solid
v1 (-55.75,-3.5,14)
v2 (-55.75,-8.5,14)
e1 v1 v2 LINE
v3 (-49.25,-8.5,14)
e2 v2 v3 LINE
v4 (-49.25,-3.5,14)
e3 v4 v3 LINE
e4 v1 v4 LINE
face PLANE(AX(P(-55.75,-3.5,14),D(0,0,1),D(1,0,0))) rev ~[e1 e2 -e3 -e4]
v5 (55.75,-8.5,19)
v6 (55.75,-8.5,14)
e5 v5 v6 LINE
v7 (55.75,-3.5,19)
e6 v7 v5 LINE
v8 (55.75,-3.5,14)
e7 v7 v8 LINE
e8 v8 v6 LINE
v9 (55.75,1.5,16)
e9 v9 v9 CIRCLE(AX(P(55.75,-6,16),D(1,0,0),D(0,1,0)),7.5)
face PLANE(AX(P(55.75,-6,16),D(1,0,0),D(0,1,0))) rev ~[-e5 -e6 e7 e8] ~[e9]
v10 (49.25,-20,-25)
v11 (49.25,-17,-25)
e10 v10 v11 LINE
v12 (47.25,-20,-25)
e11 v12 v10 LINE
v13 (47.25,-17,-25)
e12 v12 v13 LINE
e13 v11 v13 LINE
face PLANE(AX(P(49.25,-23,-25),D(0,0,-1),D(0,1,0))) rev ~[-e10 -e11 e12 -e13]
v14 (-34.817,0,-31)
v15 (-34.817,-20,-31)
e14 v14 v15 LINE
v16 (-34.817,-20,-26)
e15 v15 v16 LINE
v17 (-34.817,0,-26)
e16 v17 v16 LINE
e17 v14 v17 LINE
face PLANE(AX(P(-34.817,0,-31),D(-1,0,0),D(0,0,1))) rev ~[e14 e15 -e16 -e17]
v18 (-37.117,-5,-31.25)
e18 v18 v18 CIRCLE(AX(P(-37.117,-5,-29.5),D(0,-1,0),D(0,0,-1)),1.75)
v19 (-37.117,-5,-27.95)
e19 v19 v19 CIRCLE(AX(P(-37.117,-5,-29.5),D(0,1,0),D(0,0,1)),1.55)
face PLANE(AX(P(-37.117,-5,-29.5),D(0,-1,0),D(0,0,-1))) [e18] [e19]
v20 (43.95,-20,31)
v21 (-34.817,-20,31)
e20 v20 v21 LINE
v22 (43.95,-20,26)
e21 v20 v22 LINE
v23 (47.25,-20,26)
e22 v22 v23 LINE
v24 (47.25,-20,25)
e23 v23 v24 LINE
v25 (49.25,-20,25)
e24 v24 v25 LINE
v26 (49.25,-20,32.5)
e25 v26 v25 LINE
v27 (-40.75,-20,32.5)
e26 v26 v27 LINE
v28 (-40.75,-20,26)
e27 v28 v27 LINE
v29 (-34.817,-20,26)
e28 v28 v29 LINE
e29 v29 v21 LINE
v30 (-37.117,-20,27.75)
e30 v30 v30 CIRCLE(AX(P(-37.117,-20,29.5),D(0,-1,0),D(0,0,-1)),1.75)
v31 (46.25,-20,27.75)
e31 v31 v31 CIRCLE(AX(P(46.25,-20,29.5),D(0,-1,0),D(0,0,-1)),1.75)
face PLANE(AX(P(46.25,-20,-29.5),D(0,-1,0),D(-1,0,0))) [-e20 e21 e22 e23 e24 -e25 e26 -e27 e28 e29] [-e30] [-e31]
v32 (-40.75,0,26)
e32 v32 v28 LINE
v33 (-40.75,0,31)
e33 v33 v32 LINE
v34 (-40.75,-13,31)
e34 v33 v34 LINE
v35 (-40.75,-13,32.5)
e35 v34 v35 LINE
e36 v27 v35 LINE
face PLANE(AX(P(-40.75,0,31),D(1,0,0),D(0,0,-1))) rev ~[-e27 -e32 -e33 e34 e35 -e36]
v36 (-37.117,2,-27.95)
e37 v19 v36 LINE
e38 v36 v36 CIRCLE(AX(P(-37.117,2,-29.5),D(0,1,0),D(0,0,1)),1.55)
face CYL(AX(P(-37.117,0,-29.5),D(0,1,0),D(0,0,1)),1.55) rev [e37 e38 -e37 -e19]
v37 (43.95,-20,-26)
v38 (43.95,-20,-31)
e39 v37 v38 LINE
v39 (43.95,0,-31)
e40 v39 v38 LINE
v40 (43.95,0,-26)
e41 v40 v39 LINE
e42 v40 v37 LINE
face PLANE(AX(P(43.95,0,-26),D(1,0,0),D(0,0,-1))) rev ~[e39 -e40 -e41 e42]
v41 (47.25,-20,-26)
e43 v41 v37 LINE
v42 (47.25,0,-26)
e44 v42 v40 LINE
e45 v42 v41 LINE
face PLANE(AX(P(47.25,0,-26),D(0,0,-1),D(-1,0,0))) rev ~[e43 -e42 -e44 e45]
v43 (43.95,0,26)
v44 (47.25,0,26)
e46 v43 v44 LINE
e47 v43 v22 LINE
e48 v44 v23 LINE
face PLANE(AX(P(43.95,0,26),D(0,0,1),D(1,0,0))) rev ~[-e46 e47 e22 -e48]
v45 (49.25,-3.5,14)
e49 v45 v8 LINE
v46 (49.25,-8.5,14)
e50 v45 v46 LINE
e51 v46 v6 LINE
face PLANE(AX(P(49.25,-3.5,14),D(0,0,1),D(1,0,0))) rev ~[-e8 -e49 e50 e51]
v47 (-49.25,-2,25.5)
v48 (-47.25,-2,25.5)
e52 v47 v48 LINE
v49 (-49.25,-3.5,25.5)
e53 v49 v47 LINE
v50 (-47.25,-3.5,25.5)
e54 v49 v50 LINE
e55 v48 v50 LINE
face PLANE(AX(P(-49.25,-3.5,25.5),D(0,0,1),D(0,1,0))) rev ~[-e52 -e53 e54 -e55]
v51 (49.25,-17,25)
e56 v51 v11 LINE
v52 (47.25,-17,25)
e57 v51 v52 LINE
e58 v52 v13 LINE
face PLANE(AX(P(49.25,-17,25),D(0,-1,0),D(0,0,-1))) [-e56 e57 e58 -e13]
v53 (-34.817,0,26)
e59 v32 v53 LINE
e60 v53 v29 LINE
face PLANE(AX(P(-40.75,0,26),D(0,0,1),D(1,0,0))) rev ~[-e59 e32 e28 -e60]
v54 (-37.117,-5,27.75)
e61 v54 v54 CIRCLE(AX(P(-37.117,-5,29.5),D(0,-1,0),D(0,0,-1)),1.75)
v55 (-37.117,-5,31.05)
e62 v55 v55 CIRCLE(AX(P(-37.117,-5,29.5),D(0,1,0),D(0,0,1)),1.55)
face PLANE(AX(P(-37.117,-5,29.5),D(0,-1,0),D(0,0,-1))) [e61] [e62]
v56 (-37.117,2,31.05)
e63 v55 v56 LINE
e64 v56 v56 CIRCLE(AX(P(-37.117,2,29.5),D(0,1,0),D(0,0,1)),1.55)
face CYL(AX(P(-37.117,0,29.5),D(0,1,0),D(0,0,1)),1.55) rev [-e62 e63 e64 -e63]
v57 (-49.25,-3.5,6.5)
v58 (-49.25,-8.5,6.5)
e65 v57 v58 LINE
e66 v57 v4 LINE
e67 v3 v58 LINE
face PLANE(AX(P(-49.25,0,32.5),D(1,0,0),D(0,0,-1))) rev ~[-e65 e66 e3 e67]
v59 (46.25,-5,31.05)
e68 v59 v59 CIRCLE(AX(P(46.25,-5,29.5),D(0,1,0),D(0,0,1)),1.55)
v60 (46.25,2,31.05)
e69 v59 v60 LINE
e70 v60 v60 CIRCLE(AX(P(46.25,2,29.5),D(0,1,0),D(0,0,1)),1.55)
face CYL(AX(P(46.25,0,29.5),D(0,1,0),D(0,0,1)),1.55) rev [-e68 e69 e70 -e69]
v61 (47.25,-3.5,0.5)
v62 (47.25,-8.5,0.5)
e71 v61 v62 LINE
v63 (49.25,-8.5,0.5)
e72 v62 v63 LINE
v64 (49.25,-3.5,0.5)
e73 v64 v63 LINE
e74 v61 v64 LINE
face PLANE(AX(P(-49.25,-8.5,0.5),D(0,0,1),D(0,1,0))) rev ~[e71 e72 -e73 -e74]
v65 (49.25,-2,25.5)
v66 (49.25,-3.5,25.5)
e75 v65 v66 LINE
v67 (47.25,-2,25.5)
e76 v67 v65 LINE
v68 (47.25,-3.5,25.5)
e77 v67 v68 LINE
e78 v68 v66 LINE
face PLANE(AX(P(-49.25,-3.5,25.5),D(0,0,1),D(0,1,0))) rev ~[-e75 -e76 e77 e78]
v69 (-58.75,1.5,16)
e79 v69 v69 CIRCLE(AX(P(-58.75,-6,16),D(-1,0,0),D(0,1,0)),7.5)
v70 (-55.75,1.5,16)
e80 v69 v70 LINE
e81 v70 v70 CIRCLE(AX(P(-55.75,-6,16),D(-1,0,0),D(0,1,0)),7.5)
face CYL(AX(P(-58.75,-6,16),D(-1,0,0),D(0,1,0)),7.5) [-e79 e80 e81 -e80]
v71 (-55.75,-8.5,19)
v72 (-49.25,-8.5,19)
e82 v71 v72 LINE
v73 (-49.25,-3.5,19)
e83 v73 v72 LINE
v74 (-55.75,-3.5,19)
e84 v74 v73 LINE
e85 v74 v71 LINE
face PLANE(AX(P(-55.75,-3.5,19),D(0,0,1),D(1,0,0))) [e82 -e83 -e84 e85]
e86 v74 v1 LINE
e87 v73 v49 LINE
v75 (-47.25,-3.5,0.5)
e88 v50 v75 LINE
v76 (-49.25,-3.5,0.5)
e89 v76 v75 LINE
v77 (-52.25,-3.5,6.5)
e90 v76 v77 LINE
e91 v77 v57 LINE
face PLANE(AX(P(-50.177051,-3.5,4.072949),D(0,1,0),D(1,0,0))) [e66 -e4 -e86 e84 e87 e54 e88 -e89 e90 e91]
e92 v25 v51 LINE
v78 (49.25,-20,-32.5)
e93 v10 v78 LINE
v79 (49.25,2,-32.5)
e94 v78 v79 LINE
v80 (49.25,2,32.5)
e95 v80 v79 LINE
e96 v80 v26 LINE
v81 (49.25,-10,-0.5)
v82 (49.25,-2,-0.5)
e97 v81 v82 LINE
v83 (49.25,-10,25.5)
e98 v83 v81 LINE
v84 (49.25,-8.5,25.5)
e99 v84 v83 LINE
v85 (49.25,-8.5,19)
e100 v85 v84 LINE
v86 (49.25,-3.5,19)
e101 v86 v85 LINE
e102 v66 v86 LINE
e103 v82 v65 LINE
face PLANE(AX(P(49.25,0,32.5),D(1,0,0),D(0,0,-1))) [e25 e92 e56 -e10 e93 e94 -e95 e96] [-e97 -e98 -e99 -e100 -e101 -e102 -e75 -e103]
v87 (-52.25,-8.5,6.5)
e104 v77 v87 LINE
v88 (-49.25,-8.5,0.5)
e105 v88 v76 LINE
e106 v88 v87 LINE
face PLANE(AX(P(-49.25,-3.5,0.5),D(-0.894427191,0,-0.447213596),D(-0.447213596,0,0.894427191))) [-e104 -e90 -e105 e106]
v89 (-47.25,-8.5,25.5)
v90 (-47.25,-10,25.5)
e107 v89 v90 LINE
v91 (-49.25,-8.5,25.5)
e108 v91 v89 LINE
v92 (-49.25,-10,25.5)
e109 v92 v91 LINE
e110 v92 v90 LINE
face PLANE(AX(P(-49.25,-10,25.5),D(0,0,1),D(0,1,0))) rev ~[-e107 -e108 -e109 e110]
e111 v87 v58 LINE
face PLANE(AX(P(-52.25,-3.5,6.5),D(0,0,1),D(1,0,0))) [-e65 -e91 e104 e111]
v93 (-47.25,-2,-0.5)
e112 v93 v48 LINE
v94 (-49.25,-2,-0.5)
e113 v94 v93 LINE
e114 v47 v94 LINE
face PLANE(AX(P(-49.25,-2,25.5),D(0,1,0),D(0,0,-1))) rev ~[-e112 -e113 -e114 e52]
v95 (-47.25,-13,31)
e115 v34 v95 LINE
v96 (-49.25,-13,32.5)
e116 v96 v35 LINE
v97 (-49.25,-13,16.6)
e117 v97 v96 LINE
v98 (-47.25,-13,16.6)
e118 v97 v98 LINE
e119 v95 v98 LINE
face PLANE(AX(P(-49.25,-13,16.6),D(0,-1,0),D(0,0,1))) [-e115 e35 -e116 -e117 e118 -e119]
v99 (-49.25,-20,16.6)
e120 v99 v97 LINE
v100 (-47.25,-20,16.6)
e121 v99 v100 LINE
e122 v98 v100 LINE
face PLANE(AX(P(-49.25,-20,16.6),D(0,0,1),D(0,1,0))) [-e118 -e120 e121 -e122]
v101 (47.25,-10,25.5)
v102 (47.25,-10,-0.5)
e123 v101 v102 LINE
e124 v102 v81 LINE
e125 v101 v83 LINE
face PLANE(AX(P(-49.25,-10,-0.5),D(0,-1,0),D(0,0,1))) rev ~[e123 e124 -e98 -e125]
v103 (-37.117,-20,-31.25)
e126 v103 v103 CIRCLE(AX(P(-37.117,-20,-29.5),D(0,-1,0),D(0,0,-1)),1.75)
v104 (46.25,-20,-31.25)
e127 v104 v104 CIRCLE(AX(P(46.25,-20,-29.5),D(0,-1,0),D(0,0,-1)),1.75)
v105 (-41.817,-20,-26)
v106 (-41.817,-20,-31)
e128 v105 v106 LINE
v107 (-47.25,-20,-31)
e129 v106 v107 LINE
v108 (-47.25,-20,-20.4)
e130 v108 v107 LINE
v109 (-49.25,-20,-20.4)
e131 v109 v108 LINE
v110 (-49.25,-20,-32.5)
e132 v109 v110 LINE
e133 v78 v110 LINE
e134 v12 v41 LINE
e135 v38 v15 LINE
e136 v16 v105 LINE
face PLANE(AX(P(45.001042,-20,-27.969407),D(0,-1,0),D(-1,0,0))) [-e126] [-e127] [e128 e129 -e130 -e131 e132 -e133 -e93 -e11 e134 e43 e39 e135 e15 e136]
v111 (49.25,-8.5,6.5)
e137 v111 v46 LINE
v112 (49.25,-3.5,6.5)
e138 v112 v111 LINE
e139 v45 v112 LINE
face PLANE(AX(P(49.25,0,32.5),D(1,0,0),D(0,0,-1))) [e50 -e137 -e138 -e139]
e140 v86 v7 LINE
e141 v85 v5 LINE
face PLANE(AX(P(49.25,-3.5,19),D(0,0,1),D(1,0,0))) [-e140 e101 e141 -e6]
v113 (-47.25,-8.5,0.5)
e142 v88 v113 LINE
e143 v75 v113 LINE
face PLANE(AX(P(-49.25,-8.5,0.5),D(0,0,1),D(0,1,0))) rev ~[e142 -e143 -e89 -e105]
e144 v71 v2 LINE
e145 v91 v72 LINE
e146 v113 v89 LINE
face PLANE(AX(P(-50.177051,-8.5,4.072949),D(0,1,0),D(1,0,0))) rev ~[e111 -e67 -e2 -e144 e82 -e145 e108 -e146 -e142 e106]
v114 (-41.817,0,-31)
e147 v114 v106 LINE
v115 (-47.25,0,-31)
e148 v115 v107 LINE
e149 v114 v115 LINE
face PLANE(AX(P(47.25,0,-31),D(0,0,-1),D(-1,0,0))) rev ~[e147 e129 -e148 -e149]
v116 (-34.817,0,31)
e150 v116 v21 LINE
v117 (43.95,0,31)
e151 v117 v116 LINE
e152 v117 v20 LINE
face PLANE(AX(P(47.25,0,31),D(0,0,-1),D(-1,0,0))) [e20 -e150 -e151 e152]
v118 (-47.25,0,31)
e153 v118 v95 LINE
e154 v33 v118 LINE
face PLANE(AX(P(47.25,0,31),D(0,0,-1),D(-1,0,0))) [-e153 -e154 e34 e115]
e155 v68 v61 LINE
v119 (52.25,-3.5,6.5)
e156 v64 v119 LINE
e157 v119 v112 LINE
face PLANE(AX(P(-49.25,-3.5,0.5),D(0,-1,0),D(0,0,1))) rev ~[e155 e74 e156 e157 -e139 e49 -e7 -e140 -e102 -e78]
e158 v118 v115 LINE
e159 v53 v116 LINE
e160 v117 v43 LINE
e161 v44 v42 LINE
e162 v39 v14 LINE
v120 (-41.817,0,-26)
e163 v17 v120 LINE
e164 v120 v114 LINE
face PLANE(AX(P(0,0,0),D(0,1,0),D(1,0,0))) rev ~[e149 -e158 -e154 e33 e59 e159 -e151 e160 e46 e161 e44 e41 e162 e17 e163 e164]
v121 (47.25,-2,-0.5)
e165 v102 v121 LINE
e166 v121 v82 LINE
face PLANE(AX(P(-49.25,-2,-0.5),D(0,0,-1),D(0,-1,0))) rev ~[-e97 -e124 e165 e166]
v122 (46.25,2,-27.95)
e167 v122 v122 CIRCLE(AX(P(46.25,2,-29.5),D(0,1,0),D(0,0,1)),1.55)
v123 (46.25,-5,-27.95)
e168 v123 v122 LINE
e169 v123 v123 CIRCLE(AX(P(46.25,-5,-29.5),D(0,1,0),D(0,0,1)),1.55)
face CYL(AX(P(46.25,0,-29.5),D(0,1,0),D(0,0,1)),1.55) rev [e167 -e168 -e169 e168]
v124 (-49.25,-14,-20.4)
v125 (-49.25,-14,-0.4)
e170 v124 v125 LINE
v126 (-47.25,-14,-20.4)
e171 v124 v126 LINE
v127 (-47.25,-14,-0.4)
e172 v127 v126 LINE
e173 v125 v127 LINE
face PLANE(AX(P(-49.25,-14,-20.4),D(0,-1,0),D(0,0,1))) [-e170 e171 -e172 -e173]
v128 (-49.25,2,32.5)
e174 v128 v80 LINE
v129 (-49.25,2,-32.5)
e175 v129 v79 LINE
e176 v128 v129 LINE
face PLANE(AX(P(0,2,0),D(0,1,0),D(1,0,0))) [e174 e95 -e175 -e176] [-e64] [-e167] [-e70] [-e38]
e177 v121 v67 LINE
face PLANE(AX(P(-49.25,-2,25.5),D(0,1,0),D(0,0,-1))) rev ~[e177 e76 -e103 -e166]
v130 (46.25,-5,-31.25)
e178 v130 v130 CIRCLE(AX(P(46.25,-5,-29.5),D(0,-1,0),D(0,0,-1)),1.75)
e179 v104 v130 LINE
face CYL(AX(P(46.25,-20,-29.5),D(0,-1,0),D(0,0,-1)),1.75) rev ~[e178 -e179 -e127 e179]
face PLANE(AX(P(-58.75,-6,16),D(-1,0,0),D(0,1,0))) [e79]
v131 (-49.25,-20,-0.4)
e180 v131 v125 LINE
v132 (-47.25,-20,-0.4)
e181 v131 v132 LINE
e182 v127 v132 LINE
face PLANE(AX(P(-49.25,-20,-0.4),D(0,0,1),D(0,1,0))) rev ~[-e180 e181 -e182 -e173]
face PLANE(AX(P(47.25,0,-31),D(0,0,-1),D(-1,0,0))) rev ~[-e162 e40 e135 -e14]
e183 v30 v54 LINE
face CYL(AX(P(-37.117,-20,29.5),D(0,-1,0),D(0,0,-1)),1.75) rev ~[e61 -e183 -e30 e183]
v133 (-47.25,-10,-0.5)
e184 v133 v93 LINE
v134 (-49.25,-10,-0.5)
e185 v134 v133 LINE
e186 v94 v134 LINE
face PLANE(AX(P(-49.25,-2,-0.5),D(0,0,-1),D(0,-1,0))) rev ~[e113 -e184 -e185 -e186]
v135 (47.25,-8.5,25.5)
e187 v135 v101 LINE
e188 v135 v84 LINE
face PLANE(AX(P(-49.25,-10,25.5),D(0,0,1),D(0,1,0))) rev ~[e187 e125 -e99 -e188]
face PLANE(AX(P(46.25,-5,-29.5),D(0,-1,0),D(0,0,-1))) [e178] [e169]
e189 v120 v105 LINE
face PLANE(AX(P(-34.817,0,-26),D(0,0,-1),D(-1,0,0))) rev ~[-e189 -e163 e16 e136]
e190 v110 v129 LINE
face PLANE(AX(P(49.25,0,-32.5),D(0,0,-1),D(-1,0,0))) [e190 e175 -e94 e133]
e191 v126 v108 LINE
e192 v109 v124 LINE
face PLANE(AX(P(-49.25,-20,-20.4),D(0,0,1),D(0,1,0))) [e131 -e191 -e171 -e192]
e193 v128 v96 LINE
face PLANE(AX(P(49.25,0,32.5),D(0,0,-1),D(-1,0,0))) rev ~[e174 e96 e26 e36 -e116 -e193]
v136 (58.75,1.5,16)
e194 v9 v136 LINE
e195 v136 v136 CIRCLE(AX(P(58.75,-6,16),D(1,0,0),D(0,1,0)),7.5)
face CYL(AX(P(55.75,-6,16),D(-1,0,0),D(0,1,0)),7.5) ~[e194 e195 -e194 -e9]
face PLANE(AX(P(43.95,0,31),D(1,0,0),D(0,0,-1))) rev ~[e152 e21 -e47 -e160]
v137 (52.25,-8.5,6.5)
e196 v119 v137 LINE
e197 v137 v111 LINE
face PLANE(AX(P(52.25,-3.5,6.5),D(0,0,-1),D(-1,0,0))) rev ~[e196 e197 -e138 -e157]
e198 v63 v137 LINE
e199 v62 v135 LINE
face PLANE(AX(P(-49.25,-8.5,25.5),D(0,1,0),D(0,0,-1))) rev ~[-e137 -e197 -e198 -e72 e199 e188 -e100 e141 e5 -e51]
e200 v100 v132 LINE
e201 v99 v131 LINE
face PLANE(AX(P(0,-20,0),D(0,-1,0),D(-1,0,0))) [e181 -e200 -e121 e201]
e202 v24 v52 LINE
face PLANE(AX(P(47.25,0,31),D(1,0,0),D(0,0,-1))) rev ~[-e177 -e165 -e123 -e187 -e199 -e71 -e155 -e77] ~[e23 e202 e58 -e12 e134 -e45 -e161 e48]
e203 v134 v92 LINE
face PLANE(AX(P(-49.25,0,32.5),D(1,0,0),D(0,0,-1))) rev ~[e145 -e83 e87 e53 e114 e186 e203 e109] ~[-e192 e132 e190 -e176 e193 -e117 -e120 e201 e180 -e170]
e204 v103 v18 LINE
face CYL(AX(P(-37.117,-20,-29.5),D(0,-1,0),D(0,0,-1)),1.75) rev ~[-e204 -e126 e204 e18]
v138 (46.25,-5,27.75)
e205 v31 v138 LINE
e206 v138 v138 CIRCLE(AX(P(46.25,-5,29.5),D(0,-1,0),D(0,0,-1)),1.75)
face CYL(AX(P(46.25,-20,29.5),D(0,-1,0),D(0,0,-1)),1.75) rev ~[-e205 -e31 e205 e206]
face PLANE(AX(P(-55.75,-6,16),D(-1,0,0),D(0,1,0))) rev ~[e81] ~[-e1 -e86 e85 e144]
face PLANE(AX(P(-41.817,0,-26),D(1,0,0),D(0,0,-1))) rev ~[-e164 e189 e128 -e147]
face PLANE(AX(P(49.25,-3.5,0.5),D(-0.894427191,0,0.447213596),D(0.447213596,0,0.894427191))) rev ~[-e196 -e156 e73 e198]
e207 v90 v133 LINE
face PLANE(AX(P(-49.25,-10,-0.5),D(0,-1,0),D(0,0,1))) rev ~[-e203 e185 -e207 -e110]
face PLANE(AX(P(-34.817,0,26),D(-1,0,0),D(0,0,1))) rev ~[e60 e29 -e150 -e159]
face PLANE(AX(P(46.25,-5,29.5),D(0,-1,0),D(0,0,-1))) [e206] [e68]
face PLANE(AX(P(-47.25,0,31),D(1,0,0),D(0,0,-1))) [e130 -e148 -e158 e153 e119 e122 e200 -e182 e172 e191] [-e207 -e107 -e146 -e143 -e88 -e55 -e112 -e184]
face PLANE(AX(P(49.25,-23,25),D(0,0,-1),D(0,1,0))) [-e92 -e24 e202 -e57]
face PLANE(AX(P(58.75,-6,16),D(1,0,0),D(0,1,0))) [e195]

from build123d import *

# Parameters (mm, degrees)
SKETCH_1_W          = 98.5
SKETCH_1_H          = 65
EXTRUDE_1_DEPTH     = 2
SKETCH_2_W          = 98.5
SKETCH_2_H          = 65
SKETCH_2_W_2        = 94.5
SKETCH_2_H_2        = 62
EXTRUDE_2_DEPTH     = 20
SKETCH_3_W          = 20
SKETCH_3_H          = 6
SKETCH_3_W_2        = 15.9
SKETCH_3_H_2        = 7
CUT_EXTRUDE_1_DEPTH = 8.5
CUT_EXTRUDE_5_DEPTH = 106.633801408
SKETCH_8_W          = 6.5
SKETCH_8_H          = 5
EXTRUDE_5_DEPTH     = 5
SKETCH_9_R          = 1.55
CUT_EXTRUDE_7_DEPTH = 69.178534012
SKETCH_10_R         = 2.25
SKETCH_10_R_2       = 1.55
EXTRUDE_6_DEPTH     = 20
SKETCH_11_W         = 50
SKETCH_11_H         = 6
CUT_EXTRUDE_8_DEPTH = 10
EXTRUDE_8_DEPTH     = 20
SKETCH_16_R         = 1.75
CUT_EXTRUDE_9_DEPTH = 15
SKETCH_17_R         = 7.5
EXTRUDE_9_DEPTH     = 3
EXTRUDE_START       = 3
SKETCH_18_R         = 7.5
EXTRUDE_10_DEPTH    = 3


with BuildPart() as part:
    # 草图1 → 凸台-拉伸1 (new body)
    with BuildSketch(Plane(origin=(0, 0, 0), x_dir=(1, 0, 0), z_dir=(0, 1, 0))):
        Rectangle(SKETCH_1_W, SKETCH_1_H)
    extrude(amount=EXTRUDE_1_DEPTH)

    # 草图2 → 凸台-拉伸2 (add)
    with BuildSketch(Plane(origin=(0, 0, 0), x_dir=(-1, 0, 0), z_dir=(0, -1, 0))):
        Rectangle(SKETCH_2_W, SKETCH_2_H)
        Rectangle(SKETCH_2_W_2, SKETCH_2_H_2, mode=Mode.SUBTRACT)
    extrude(amount=EXTRUDE_2_DEPTH)

    # 草图3 → 切除-拉伸1 (cut)
    with BuildSketch(Plane.ZY.offset(49.25)):
        with Locations((-10.4, -17)):
            Rectangle(SKETCH_3_W, SKETCH_3_H)
        with Locations((24.55, -16.5)):
            Rectangle(SKETCH_3_W_2, SKETCH_3_H_2)
    extrude(amount=-CUT_EXTRUDE_1_DEPTH, mode=Mode.SUBTRACT)

    # 草图7 → 切除-拉伸5 (cut, through all)
    with BuildSketch(Plane.ZY.offset(49.25)):
        Polygon((25.5, -3.5), (25.5, -2), (-0.5, -2), (-0.5, -10), (25.5, -10), (25.5, -8.5), (0.5, -8.5), (0.5, -3.5), align=None)
    extrude(amount=-CUT_EXTRUDE_5_DEPTH, mode=Mode.SUBTRACT)

    # 草图8 → 凸台-拉伸5 (add)
    with BuildSketch(Plane(origin=(0, -3.5, 0), x_dir=(1, 0, 0), z_dir=(0, 1, 0))):
        Polygon((-49.25, -0.5), (-52.25, -6.5), (-49.25, -6.5), align=None)
        Polygon((49.25, -0.5), (52.25, -6.5), (49.25, -6.5), align=None)
        with Locations((52.5, -16.5)):
            Rectangle(SKETCH_8_W, SKETCH_8_H)
        with Locations((-52.5, -16.5)):
            Rectangle(SKETCH_8_W, SKETCH_8_H)
    extrude(amount=-EXTRUDE_5_DEPTH)

    # 草图9 → 切除-拉伸7 (cut, through all)
    with BuildSketch(Plane(origin=(0, 2, 0), x_dir=(1, 0, 0), z_dir=(0, 1, 0))):
        with Locations(Location((46.25, 29.5, 0), (0, 0, 270))):
            Circle(SKETCH_9_R)
        with Locations(Location((46.25, -29.5, 0), (0, 0, 270))):
            Circle(SKETCH_9_R)
        with Locations(Location((-37.117, 29.5, 0), (0, 0, 270))):
            Circle(SKETCH_9_R)
        with Locations(Location((-37.117, -29.5, 0), (0, 0, 270))):
            Circle(SKETCH_9_R)
    extrude(amount=-CUT_EXTRUDE_7_DEPTH, mode=Mode.SUBTRACT)

    # 草图10 → 凸台-拉伸6 (add, through all)
    # profile 1 of 4: a face of its own
    with BuildSketch(Plane(origin=(0, 0, 0), x_dir=(-1, 0, 0), z_dir=(0, -1, 0))):
        with Locations((-46.25, 29.5)):
            Circle(SKETCH_10_R)
        with Locations(Location((-46.25, 29.5, 0), (0, 0, 270))):
            Circle(SKETCH_10_R_2, mode=Mode.SUBTRACT)
    # profile 2 of 4: a face of its own
    with BuildSketch(Plane(origin=(0, 0, 0), x_dir=(-1, 0, 0), z_dir=(0, -1, 0))):
        with Locations((37.117, 29.5)):
            Circle(SKETCH_10_R)
        with Locations(Location((37.117, 29.5, 0), (0, 0, 270))):
            Circle(SKETCH_10_R_2, mode=Mode.SUBTRACT)
    # profile 3 of 4: a face of its own
    with BuildSketch(Plane(origin=(0, 0, 0), x_dir=(-1, 0, 0), z_dir=(0, -1, 0))):
        with Locations((-46.25, -29.5)):
            Circle(SKETCH_10_R)
        with Locations(Location((-46.25, -29.5, 0), (0, 0, 270))):
            Circle(SKETCH_10_R_2, mode=Mode.SUBTRACT)
    # profile 4 of 4: a face of its own
    with BuildSketch(Plane(origin=(0, 0, 0), x_dir=(-1, 0, 0), z_dir=(0, -1, 0))):
        with Locations((37.117, -29.5)):
            Circle(SKETCH_10_R)
        with Locations(Location((37.117, -29.5, 0), (0, 0, 270))):
            Circle(SKETCH_10_R_2, mode=Mode.SUBTRACT)
    extrude(amount=EXTRUDE_6_DEPTH)

    # 草图11 → 切除-拉伸8 (cut)
    with BuildSketch(Plane(origin=(49.25, 0, 0), x_dir=(0, 0, -1), z_dir=(1, 0, 0))):
        with Locations((0, -20)):
            Rectangle(SKETCH_11_W, SKETCH_11_H)
    extrude(amount=-CUT_EXTRUDE_8_DEPTH, mode=Mode.SUBTRACT)

    # 草图15 → 凸台-拉伸8 (add, through all)
    with BuildSketch(Plane(origin=(0, 0, 0), x_dir=(-1, 0, 0), z_dir=(0, -1, 0))):
        with BuildLine():
            Line((-43.95, 26), (-43.95, 31))
            Line((-43.95, 31), (-44.572949017, 31))
            ThreePointArc((-44.572949017, 31), (-44.459916807, 28.136877788), (-47.25, 27.484435563))
            Line((-47.25, 27.484435563), (-47.25, 26))
            Line((-47.25, 26), (-43.95, 26))
        make_face()
        with BuildLine():
            Line((-44.572949017, -31), (-43.95, -31))
            Line((-43.95, -31), (-43.95, -26))
            Line((-43.95, -26), (-47.25, -26))
            Line((-47.25, -26), (-47.25, -27.484435563))
            ThreePointArc((-47.25, -27.484435563), (-44.459916807, -28.136877788), (-44.572949017, -31))
        make_face()
        with BuildLine():
            Line((35.439949017, 31), (34.817, 31))
            Line((34.817, 31), (34.817, 26))
            Line((34.817, 26), (41.817, 26))
            Line((41.817, 26), (41.817, 31))
            Line((41.817, 31), (38.794050983, 31))
            ThreePointArc((38.794050983, 31), (37.117, 27.25), (35.439949017, 31))
        make_face()
        with BuildLine():
            Line((34.817, -26), (34.817, -31))
            Line((34.817, -31), (35.439949017, -31))
            ThreePointArc((35.439949017, -31), (37.117, -27.25), (38.794050983, -31))
            Line((38.794050983, -31), (40.75, -31))
            Line((40.75, -31), (40.75, -26))
            Line((40.75, -26), (34.817, -26))
        make_face()
    extrude(amount=EXTRUDE_8_DEPTH)

    # 草图16 → 切除-拉伸9 (cut)
    with BuildSketch(Plane(origin=(0, -20, 0), x_dir=(-1, 0, 0), z_dir=(0, -1, 0))):
        with Locations(Location((-46.25, 29.5, 0), (0, 0, 90))):
            Circle(SKETCH_16_R)
        with Locations(Location((37.117, 29.5, 0), (0, 0, 90))):
            Circle(SKETCH_16_R)
        with Locations(Location((37.117, -29.5, 0), (0, 0, 90))):
            Circle(SKETCH_16_R)
        with Locations(Location((-46.25, -29.5, 0), (0, 0, 90))):
            Circle(SKETCH_16_R)
    extrude(amount=-CUT_EXTRUDE_9_DEPTH, mode=Mode.SUBTRACT)

    # 草图17 → 凸台-拉伸9 (add)
    with BuildSketch(Plane(origin=(55.75, 0, 0), x_dir=(0, 0, -1), z_dir=(1, 0, 0))):
        with Locations(Location((-16, -6, 0), (0, 0, 90))):
            Circle(SKETCH_17_R)
    extrude(amount=EXTRUDE_9_DEPTH)

    # 草图18 → 凸台-拉伸10 (add)
    with BuildSketch(Plane.ZY.offset(55.75).offset(EXTRUDE_START)):
        with Locations(Location((16, -6, 0), (0, 0, 90))):
            Circle(SKETCH_18_R)
    extrude(amount=-EXTRUDE_10_DEPTH)


solid = part.part
